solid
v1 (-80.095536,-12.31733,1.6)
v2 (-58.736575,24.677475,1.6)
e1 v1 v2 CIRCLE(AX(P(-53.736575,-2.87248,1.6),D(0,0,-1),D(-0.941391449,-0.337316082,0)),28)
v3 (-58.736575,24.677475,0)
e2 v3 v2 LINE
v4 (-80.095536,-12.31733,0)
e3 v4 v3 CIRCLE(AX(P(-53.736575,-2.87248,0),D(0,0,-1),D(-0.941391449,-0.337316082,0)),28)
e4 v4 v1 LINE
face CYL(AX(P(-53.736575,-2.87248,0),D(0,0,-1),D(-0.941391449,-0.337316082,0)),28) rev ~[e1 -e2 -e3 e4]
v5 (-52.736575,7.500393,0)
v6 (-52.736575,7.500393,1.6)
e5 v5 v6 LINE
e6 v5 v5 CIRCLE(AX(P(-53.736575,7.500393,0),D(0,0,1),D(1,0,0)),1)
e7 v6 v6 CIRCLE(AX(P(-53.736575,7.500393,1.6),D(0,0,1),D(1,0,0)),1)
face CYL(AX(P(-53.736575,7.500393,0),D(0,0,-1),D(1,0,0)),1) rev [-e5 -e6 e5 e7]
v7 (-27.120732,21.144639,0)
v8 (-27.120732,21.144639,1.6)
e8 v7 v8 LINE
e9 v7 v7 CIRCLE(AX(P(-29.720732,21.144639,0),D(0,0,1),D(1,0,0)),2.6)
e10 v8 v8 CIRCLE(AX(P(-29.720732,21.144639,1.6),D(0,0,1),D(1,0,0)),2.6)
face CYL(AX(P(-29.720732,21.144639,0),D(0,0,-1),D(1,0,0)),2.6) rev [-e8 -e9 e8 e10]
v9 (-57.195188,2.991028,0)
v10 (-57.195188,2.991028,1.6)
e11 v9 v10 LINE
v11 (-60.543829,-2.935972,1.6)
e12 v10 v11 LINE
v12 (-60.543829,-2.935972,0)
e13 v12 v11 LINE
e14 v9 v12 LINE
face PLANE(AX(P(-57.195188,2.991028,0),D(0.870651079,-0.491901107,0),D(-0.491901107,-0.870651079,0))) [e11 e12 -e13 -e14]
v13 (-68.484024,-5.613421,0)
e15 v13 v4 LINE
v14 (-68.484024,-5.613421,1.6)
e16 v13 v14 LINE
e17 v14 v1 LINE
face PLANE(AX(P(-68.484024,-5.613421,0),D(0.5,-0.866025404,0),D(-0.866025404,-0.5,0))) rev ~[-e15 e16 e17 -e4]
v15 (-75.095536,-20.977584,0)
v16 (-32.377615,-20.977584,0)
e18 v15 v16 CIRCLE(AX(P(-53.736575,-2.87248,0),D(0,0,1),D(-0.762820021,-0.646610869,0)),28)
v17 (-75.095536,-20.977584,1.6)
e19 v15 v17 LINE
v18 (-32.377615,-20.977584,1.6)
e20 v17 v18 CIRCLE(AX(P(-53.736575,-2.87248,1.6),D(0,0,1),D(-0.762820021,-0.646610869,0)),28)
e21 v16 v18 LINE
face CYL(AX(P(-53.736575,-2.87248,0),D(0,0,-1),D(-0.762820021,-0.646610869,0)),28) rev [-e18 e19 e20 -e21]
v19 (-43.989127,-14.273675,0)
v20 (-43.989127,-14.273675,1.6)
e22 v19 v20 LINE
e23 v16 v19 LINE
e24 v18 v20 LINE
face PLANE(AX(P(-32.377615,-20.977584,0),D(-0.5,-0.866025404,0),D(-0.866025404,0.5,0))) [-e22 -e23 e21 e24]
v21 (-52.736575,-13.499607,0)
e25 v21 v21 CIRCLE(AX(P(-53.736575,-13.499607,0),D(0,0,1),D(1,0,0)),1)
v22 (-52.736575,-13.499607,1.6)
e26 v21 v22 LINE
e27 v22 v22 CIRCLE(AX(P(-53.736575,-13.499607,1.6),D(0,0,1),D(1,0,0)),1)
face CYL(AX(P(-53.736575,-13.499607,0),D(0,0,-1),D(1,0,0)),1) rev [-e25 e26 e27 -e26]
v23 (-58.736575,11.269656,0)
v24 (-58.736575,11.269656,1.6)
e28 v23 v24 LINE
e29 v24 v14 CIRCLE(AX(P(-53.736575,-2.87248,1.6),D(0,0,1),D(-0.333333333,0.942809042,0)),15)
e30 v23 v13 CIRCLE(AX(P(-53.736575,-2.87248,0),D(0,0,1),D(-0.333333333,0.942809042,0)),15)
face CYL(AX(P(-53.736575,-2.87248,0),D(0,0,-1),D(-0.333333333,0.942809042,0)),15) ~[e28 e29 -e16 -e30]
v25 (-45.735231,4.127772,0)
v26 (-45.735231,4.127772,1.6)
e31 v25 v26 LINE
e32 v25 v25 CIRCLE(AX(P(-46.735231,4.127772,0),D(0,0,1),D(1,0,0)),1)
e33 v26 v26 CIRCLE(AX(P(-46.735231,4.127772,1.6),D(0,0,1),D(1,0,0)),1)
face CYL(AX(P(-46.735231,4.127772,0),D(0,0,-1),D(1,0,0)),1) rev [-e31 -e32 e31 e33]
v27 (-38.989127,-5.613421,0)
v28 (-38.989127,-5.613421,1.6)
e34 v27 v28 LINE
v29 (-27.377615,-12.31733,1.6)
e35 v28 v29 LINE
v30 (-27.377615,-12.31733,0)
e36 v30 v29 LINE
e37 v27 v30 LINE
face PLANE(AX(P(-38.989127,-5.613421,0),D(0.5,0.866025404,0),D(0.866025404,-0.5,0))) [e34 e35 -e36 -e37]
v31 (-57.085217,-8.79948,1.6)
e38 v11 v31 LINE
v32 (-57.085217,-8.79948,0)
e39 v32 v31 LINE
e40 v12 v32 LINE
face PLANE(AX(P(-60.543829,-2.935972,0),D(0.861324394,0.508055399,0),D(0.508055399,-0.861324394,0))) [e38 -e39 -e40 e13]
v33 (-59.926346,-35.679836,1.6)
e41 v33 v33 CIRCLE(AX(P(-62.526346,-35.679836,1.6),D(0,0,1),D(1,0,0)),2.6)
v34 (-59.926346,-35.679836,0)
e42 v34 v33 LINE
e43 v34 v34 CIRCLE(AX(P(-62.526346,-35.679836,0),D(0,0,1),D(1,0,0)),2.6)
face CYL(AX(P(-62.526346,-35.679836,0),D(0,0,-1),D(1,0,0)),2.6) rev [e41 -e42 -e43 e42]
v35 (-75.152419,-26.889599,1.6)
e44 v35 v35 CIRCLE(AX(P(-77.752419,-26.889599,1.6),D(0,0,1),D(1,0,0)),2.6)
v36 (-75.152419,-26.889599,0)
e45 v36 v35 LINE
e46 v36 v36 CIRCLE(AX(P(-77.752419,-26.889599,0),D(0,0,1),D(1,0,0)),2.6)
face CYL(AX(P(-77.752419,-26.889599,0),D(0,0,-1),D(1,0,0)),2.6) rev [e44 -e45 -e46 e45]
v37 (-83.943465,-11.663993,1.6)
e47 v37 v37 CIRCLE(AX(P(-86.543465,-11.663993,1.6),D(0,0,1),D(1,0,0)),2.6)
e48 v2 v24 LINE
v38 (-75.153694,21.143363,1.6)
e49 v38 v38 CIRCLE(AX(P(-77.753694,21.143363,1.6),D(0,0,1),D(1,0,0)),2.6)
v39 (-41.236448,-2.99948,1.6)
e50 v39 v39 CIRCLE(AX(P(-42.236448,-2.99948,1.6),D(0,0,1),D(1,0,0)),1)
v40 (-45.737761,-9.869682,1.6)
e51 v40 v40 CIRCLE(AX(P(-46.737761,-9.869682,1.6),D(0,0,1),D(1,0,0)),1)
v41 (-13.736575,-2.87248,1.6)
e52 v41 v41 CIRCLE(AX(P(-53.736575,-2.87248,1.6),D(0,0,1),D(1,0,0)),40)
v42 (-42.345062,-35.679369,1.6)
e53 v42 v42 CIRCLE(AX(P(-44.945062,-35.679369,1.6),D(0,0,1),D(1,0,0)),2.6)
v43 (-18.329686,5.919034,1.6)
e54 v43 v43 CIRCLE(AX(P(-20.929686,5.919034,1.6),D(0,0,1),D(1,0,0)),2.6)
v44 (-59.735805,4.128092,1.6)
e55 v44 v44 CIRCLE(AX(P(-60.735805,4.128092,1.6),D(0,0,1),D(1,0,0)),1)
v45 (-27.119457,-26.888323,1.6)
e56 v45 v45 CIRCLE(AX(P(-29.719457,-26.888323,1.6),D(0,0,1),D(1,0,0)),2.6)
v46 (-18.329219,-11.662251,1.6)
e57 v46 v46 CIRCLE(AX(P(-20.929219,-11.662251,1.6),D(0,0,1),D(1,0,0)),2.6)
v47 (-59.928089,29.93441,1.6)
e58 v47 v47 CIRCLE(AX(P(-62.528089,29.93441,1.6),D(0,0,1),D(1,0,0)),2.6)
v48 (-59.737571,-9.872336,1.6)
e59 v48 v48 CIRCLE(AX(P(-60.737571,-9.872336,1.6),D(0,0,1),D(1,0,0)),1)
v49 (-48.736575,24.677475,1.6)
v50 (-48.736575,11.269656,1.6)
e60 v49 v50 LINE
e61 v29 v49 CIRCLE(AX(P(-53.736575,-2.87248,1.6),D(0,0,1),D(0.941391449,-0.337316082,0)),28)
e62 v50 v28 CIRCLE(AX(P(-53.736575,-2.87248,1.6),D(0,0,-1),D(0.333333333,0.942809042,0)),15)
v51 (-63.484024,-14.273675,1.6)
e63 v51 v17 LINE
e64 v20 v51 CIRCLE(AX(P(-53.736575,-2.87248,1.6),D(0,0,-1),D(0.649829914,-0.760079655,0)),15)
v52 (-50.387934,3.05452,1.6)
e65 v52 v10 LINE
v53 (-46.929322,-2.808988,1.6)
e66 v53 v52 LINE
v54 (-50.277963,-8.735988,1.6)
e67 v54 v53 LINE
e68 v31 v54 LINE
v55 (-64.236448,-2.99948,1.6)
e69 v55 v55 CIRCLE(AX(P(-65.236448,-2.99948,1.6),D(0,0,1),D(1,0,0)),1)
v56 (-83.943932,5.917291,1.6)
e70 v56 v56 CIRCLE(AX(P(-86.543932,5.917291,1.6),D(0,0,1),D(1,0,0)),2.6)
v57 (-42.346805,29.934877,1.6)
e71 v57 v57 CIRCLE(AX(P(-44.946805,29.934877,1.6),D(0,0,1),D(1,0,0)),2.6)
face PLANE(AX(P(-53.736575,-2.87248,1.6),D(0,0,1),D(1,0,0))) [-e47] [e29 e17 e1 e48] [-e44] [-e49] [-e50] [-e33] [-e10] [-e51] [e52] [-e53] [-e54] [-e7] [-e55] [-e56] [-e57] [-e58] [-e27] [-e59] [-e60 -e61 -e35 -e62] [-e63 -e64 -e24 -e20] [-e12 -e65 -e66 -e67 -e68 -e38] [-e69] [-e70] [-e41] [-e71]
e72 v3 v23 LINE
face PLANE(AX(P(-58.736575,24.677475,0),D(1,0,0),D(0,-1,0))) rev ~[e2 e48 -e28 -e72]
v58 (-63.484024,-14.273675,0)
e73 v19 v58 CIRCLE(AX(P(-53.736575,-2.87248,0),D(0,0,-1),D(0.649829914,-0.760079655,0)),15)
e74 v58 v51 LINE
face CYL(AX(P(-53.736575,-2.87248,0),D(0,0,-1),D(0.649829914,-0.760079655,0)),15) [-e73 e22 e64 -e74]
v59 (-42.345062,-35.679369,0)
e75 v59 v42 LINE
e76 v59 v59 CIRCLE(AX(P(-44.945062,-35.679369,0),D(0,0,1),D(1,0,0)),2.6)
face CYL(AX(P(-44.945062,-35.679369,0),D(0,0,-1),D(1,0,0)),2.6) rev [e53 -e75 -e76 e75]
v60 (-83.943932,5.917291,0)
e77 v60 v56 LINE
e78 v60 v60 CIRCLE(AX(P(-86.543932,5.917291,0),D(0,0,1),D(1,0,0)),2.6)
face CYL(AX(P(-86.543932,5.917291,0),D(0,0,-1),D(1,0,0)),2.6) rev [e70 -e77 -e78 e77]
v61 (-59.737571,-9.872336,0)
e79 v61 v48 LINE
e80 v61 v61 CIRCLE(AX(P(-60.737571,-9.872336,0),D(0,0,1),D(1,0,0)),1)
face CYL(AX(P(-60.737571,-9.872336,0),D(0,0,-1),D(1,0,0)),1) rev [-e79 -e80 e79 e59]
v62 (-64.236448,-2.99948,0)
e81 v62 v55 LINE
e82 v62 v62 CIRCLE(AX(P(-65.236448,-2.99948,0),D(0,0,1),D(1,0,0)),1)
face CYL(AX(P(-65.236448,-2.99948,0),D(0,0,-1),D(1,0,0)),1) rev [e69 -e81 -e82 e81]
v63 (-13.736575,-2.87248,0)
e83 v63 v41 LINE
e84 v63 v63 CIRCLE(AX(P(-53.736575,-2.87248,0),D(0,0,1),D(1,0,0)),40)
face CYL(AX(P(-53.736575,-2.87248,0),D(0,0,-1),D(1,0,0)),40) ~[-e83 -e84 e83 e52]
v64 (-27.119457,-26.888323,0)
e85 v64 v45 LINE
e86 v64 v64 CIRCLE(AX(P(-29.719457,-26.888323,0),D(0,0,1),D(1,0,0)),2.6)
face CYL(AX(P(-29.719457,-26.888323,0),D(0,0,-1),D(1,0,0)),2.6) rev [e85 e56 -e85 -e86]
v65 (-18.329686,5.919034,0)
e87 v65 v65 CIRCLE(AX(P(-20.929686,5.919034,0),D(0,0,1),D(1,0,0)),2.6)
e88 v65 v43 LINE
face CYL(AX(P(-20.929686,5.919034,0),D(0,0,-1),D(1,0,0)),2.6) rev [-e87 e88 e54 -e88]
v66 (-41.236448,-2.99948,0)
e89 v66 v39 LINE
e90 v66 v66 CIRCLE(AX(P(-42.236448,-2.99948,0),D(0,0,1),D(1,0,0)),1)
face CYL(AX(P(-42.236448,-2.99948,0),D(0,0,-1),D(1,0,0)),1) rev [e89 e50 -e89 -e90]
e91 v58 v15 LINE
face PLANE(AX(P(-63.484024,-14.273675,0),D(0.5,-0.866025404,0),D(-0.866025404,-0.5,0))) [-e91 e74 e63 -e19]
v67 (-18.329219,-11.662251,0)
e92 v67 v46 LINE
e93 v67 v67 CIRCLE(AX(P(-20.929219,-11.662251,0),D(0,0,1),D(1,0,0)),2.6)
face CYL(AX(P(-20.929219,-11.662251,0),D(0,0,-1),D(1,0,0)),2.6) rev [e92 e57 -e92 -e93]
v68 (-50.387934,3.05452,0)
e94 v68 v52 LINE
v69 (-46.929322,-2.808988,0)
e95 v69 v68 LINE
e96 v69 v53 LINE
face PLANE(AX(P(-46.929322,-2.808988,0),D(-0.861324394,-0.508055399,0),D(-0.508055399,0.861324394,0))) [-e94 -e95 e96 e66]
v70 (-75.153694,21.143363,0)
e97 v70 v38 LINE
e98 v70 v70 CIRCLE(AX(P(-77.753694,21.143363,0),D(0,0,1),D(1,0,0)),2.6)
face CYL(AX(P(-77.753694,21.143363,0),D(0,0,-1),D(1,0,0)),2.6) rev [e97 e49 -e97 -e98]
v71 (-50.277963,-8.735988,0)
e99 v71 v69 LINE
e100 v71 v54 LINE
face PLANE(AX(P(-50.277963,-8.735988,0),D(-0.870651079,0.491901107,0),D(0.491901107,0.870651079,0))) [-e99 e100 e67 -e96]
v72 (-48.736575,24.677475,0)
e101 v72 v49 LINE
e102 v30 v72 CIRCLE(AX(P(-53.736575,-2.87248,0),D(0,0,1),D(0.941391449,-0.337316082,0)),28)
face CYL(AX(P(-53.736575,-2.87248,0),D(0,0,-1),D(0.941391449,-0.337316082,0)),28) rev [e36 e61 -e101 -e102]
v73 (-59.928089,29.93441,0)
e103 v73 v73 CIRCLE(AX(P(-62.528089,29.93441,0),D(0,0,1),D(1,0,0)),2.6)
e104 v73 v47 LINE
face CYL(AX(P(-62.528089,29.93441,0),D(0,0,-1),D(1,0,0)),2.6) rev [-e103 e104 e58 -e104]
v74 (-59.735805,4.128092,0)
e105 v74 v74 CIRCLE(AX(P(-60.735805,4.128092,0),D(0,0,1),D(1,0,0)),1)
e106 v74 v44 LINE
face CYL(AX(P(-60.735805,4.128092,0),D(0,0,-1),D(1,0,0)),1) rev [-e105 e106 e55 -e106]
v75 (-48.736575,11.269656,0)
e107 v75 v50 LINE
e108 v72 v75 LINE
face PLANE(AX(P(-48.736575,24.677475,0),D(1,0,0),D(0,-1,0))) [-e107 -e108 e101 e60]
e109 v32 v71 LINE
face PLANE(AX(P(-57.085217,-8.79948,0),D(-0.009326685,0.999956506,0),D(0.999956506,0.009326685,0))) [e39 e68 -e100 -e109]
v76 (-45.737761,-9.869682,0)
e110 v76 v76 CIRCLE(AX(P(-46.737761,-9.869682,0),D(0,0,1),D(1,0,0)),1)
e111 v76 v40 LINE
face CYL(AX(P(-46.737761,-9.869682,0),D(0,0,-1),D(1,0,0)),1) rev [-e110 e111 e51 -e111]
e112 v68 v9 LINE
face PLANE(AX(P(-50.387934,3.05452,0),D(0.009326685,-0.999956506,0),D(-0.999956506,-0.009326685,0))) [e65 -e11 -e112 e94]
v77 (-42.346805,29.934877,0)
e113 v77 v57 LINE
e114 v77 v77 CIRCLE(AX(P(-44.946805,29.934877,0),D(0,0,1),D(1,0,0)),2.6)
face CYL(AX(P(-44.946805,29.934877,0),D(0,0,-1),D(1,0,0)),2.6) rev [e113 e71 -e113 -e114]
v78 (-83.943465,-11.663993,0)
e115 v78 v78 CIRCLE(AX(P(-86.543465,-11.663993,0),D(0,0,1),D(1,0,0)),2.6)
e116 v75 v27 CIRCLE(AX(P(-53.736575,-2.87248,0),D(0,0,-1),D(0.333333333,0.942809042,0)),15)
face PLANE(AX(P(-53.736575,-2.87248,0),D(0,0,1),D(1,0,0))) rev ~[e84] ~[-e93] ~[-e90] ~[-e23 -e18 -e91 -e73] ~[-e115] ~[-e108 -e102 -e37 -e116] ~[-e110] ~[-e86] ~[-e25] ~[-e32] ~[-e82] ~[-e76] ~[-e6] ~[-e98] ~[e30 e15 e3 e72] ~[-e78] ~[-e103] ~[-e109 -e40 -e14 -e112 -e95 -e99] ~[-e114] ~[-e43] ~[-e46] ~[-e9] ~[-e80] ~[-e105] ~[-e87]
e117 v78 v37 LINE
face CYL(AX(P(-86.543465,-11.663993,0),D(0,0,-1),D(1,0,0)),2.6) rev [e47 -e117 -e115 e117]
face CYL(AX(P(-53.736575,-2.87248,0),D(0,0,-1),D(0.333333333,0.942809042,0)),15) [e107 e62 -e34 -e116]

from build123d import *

# Parameters (mm, degrees)
SKETCH_8_R      = 40
SKETCH_8_R_2    = 1
SKETCH_8_R_3    = 2.6
EXTRUDE_3_DEPTH = 1.6


with BuildPart() as part:
    # 草图8 → 凸台-拉伸3 (new body)
    with BuildSketch(Plane.XY):
        with Locations((-53.736575471, -2.872479928)):
            Circle(SKETCH_8_R)
        with Locations((-53.736575471, 7.500392818)):
            Circle(SKETCH_8_R_2, mode=Mode.SUBTRACT)
        with Locations((-46.735230698, 4.127771963)):
            Circle(SKETCH_8_R_2, mode=Mode.SUBTRACT)
        with Locations((-42.236448471, -2.999480182)):
            Circle(SKETCH_8_R_2, mode=Mode.SUBTRACT)
        with Locations((-46.737760534, -9.869682445)):
            Circle(SKETCH_8_R_2, mode=Mode.SUBTRACT)
        with Locations((-53.736575471, -13.499607182)):
            Circle(SKETCH_8_R_2, mode=Mode.SUBTRACT)
        with Locations((-60.737570724, -9.872335788)):
            Circle(SKETCH_8_R_2, mode=Mode.SUBTRACT)
        with Locations((-65.236448471, -2.999480182)):
            Circle(SKETCH_8_R_2, mode=Mode.SUBTRACT)
        with Locations((-60.73580463, 4.12809202)):
            Circle(SKETCH_8_R_2, mode=Mode.SUBTRACT)
        with Locations((-62.528088914, 29.934409619)):
            Circle(SKETCH_8_R_3, mode=Mode.SUBTRACT)
        with Locations((-44.946804677, 29.93487656)):
            Circle(SKETCH_8_R_3, mode=Mode.SUBTRACT)
        with Locations((-29.720732426, 21.144638825)):
            Circle(SKETCH_8_R_3, mode=Mode.SUBTRACT)
        with Locations((-20.929685924, 5.919033515)):
            Circle(SKETCH_8_R_3, mode=Mode.SUBTRACT)
        with Locations((-20.929218983, -11.662250722)):
            Circle(SKETCH_8_R_3, mode=Mode.SUBTRACT)
        with Locations((-29.719456719, -26.888322973)):
            Circle(SKETCH_8_R_3, mode=Mode.SUBTRACT)
        with Locations((-44.945062029, -35.679369475)):
            Circle(SKETCH_8_R_3, mode=Mode.SUBTRACT)
        with Locations((-62.526346266, -35.679836416)):
            Circle(SKETCH_8_R_3, mode=Mode.SUBTRACT)
        with Locations((-77.752418517, -26.88959868)):
            Circle(SKETCH_8_R_3, mode=Mode.SUBTRACT)
        with Locations((-86.543465018, -11.66399337)):
            Circle(SKETCH_8_R_3, mode=Mode.SUBTRACT)
        with Locations((-86.543931959, 5.917290867)):
            Circle(SKETCH_8_R_3, mode=Mode.SUBTRACT)
        with Locations((-77.753694224, 21.143363118)):
            Circle(SKETCH_8_R_3, mode=Mode.SUBTRACT)
        with BuildLine():
            Line((-58.736575471, 24.6774747), (-58.736575471, 11.269655696))
            ThreePointArc((-58.736575471, 11.269655696), (-66.726956528, 4.627520072), (-68.484024185, -5.613420721))
            Line((-68.484024185, -5.613420721), (-80.095536052, -12.317330223))
            ThreePointArc((-80.095536052, -12.317330223), (-77.985286777, 11.127520072), (-58.736575471, 24.6774747))
        make_face(mode=Mode.SUBTRACT)
        Polygon((-57.085216568, -8.799480182), (-50.277963232, -8.735988313), (-46.929322134, -2.808988059), (-50.387934374, 3.054520326), (-57.195187711, 2.991028458), (-60.543828808, -2.935971796), align=None, mode=Mode.SUBTRACT)
        with BuildLine():
            Line((-48.736575471, 24.6774747), (-48.736575471, 11.269655696))
            ThreePointArc((-48.736575471, 11.269655696), (-40.746194414, 4.627520072), (-38.989126757, -5.613420721))
            Line((-38.989126757, -5.613420721), (-27.37761489, -12.317330223))
            ThreePointArc((-27.37761489, -12.317330223), (-29.487864165, 11.127520072), (-48.736575471, 24.6774747))
        make_face(mode=Mode.SUBTRACT)
        with BuildLine():
            Line((-32.37761489, -20.977584261), (-43.989126757, -14.273674759))
            ThreePointArc((-43.989126757, -14.273674759), (-53.736575471, -17.872479928), (-63.484024185, -14.273674759))
            Line((-63.484024185, -14.273674759), (-75.095536052, -20.977584261))
            ThreePointArc((-75.095536052, -20.977584261), (-53.736575471, -30.872479928), (-32.37761489, -20.977584261))
        make_face(mode=Mode.SUBTRACT)
    extrude(amount=EXTRUDE_3_DEPTH)


solid = part.part
